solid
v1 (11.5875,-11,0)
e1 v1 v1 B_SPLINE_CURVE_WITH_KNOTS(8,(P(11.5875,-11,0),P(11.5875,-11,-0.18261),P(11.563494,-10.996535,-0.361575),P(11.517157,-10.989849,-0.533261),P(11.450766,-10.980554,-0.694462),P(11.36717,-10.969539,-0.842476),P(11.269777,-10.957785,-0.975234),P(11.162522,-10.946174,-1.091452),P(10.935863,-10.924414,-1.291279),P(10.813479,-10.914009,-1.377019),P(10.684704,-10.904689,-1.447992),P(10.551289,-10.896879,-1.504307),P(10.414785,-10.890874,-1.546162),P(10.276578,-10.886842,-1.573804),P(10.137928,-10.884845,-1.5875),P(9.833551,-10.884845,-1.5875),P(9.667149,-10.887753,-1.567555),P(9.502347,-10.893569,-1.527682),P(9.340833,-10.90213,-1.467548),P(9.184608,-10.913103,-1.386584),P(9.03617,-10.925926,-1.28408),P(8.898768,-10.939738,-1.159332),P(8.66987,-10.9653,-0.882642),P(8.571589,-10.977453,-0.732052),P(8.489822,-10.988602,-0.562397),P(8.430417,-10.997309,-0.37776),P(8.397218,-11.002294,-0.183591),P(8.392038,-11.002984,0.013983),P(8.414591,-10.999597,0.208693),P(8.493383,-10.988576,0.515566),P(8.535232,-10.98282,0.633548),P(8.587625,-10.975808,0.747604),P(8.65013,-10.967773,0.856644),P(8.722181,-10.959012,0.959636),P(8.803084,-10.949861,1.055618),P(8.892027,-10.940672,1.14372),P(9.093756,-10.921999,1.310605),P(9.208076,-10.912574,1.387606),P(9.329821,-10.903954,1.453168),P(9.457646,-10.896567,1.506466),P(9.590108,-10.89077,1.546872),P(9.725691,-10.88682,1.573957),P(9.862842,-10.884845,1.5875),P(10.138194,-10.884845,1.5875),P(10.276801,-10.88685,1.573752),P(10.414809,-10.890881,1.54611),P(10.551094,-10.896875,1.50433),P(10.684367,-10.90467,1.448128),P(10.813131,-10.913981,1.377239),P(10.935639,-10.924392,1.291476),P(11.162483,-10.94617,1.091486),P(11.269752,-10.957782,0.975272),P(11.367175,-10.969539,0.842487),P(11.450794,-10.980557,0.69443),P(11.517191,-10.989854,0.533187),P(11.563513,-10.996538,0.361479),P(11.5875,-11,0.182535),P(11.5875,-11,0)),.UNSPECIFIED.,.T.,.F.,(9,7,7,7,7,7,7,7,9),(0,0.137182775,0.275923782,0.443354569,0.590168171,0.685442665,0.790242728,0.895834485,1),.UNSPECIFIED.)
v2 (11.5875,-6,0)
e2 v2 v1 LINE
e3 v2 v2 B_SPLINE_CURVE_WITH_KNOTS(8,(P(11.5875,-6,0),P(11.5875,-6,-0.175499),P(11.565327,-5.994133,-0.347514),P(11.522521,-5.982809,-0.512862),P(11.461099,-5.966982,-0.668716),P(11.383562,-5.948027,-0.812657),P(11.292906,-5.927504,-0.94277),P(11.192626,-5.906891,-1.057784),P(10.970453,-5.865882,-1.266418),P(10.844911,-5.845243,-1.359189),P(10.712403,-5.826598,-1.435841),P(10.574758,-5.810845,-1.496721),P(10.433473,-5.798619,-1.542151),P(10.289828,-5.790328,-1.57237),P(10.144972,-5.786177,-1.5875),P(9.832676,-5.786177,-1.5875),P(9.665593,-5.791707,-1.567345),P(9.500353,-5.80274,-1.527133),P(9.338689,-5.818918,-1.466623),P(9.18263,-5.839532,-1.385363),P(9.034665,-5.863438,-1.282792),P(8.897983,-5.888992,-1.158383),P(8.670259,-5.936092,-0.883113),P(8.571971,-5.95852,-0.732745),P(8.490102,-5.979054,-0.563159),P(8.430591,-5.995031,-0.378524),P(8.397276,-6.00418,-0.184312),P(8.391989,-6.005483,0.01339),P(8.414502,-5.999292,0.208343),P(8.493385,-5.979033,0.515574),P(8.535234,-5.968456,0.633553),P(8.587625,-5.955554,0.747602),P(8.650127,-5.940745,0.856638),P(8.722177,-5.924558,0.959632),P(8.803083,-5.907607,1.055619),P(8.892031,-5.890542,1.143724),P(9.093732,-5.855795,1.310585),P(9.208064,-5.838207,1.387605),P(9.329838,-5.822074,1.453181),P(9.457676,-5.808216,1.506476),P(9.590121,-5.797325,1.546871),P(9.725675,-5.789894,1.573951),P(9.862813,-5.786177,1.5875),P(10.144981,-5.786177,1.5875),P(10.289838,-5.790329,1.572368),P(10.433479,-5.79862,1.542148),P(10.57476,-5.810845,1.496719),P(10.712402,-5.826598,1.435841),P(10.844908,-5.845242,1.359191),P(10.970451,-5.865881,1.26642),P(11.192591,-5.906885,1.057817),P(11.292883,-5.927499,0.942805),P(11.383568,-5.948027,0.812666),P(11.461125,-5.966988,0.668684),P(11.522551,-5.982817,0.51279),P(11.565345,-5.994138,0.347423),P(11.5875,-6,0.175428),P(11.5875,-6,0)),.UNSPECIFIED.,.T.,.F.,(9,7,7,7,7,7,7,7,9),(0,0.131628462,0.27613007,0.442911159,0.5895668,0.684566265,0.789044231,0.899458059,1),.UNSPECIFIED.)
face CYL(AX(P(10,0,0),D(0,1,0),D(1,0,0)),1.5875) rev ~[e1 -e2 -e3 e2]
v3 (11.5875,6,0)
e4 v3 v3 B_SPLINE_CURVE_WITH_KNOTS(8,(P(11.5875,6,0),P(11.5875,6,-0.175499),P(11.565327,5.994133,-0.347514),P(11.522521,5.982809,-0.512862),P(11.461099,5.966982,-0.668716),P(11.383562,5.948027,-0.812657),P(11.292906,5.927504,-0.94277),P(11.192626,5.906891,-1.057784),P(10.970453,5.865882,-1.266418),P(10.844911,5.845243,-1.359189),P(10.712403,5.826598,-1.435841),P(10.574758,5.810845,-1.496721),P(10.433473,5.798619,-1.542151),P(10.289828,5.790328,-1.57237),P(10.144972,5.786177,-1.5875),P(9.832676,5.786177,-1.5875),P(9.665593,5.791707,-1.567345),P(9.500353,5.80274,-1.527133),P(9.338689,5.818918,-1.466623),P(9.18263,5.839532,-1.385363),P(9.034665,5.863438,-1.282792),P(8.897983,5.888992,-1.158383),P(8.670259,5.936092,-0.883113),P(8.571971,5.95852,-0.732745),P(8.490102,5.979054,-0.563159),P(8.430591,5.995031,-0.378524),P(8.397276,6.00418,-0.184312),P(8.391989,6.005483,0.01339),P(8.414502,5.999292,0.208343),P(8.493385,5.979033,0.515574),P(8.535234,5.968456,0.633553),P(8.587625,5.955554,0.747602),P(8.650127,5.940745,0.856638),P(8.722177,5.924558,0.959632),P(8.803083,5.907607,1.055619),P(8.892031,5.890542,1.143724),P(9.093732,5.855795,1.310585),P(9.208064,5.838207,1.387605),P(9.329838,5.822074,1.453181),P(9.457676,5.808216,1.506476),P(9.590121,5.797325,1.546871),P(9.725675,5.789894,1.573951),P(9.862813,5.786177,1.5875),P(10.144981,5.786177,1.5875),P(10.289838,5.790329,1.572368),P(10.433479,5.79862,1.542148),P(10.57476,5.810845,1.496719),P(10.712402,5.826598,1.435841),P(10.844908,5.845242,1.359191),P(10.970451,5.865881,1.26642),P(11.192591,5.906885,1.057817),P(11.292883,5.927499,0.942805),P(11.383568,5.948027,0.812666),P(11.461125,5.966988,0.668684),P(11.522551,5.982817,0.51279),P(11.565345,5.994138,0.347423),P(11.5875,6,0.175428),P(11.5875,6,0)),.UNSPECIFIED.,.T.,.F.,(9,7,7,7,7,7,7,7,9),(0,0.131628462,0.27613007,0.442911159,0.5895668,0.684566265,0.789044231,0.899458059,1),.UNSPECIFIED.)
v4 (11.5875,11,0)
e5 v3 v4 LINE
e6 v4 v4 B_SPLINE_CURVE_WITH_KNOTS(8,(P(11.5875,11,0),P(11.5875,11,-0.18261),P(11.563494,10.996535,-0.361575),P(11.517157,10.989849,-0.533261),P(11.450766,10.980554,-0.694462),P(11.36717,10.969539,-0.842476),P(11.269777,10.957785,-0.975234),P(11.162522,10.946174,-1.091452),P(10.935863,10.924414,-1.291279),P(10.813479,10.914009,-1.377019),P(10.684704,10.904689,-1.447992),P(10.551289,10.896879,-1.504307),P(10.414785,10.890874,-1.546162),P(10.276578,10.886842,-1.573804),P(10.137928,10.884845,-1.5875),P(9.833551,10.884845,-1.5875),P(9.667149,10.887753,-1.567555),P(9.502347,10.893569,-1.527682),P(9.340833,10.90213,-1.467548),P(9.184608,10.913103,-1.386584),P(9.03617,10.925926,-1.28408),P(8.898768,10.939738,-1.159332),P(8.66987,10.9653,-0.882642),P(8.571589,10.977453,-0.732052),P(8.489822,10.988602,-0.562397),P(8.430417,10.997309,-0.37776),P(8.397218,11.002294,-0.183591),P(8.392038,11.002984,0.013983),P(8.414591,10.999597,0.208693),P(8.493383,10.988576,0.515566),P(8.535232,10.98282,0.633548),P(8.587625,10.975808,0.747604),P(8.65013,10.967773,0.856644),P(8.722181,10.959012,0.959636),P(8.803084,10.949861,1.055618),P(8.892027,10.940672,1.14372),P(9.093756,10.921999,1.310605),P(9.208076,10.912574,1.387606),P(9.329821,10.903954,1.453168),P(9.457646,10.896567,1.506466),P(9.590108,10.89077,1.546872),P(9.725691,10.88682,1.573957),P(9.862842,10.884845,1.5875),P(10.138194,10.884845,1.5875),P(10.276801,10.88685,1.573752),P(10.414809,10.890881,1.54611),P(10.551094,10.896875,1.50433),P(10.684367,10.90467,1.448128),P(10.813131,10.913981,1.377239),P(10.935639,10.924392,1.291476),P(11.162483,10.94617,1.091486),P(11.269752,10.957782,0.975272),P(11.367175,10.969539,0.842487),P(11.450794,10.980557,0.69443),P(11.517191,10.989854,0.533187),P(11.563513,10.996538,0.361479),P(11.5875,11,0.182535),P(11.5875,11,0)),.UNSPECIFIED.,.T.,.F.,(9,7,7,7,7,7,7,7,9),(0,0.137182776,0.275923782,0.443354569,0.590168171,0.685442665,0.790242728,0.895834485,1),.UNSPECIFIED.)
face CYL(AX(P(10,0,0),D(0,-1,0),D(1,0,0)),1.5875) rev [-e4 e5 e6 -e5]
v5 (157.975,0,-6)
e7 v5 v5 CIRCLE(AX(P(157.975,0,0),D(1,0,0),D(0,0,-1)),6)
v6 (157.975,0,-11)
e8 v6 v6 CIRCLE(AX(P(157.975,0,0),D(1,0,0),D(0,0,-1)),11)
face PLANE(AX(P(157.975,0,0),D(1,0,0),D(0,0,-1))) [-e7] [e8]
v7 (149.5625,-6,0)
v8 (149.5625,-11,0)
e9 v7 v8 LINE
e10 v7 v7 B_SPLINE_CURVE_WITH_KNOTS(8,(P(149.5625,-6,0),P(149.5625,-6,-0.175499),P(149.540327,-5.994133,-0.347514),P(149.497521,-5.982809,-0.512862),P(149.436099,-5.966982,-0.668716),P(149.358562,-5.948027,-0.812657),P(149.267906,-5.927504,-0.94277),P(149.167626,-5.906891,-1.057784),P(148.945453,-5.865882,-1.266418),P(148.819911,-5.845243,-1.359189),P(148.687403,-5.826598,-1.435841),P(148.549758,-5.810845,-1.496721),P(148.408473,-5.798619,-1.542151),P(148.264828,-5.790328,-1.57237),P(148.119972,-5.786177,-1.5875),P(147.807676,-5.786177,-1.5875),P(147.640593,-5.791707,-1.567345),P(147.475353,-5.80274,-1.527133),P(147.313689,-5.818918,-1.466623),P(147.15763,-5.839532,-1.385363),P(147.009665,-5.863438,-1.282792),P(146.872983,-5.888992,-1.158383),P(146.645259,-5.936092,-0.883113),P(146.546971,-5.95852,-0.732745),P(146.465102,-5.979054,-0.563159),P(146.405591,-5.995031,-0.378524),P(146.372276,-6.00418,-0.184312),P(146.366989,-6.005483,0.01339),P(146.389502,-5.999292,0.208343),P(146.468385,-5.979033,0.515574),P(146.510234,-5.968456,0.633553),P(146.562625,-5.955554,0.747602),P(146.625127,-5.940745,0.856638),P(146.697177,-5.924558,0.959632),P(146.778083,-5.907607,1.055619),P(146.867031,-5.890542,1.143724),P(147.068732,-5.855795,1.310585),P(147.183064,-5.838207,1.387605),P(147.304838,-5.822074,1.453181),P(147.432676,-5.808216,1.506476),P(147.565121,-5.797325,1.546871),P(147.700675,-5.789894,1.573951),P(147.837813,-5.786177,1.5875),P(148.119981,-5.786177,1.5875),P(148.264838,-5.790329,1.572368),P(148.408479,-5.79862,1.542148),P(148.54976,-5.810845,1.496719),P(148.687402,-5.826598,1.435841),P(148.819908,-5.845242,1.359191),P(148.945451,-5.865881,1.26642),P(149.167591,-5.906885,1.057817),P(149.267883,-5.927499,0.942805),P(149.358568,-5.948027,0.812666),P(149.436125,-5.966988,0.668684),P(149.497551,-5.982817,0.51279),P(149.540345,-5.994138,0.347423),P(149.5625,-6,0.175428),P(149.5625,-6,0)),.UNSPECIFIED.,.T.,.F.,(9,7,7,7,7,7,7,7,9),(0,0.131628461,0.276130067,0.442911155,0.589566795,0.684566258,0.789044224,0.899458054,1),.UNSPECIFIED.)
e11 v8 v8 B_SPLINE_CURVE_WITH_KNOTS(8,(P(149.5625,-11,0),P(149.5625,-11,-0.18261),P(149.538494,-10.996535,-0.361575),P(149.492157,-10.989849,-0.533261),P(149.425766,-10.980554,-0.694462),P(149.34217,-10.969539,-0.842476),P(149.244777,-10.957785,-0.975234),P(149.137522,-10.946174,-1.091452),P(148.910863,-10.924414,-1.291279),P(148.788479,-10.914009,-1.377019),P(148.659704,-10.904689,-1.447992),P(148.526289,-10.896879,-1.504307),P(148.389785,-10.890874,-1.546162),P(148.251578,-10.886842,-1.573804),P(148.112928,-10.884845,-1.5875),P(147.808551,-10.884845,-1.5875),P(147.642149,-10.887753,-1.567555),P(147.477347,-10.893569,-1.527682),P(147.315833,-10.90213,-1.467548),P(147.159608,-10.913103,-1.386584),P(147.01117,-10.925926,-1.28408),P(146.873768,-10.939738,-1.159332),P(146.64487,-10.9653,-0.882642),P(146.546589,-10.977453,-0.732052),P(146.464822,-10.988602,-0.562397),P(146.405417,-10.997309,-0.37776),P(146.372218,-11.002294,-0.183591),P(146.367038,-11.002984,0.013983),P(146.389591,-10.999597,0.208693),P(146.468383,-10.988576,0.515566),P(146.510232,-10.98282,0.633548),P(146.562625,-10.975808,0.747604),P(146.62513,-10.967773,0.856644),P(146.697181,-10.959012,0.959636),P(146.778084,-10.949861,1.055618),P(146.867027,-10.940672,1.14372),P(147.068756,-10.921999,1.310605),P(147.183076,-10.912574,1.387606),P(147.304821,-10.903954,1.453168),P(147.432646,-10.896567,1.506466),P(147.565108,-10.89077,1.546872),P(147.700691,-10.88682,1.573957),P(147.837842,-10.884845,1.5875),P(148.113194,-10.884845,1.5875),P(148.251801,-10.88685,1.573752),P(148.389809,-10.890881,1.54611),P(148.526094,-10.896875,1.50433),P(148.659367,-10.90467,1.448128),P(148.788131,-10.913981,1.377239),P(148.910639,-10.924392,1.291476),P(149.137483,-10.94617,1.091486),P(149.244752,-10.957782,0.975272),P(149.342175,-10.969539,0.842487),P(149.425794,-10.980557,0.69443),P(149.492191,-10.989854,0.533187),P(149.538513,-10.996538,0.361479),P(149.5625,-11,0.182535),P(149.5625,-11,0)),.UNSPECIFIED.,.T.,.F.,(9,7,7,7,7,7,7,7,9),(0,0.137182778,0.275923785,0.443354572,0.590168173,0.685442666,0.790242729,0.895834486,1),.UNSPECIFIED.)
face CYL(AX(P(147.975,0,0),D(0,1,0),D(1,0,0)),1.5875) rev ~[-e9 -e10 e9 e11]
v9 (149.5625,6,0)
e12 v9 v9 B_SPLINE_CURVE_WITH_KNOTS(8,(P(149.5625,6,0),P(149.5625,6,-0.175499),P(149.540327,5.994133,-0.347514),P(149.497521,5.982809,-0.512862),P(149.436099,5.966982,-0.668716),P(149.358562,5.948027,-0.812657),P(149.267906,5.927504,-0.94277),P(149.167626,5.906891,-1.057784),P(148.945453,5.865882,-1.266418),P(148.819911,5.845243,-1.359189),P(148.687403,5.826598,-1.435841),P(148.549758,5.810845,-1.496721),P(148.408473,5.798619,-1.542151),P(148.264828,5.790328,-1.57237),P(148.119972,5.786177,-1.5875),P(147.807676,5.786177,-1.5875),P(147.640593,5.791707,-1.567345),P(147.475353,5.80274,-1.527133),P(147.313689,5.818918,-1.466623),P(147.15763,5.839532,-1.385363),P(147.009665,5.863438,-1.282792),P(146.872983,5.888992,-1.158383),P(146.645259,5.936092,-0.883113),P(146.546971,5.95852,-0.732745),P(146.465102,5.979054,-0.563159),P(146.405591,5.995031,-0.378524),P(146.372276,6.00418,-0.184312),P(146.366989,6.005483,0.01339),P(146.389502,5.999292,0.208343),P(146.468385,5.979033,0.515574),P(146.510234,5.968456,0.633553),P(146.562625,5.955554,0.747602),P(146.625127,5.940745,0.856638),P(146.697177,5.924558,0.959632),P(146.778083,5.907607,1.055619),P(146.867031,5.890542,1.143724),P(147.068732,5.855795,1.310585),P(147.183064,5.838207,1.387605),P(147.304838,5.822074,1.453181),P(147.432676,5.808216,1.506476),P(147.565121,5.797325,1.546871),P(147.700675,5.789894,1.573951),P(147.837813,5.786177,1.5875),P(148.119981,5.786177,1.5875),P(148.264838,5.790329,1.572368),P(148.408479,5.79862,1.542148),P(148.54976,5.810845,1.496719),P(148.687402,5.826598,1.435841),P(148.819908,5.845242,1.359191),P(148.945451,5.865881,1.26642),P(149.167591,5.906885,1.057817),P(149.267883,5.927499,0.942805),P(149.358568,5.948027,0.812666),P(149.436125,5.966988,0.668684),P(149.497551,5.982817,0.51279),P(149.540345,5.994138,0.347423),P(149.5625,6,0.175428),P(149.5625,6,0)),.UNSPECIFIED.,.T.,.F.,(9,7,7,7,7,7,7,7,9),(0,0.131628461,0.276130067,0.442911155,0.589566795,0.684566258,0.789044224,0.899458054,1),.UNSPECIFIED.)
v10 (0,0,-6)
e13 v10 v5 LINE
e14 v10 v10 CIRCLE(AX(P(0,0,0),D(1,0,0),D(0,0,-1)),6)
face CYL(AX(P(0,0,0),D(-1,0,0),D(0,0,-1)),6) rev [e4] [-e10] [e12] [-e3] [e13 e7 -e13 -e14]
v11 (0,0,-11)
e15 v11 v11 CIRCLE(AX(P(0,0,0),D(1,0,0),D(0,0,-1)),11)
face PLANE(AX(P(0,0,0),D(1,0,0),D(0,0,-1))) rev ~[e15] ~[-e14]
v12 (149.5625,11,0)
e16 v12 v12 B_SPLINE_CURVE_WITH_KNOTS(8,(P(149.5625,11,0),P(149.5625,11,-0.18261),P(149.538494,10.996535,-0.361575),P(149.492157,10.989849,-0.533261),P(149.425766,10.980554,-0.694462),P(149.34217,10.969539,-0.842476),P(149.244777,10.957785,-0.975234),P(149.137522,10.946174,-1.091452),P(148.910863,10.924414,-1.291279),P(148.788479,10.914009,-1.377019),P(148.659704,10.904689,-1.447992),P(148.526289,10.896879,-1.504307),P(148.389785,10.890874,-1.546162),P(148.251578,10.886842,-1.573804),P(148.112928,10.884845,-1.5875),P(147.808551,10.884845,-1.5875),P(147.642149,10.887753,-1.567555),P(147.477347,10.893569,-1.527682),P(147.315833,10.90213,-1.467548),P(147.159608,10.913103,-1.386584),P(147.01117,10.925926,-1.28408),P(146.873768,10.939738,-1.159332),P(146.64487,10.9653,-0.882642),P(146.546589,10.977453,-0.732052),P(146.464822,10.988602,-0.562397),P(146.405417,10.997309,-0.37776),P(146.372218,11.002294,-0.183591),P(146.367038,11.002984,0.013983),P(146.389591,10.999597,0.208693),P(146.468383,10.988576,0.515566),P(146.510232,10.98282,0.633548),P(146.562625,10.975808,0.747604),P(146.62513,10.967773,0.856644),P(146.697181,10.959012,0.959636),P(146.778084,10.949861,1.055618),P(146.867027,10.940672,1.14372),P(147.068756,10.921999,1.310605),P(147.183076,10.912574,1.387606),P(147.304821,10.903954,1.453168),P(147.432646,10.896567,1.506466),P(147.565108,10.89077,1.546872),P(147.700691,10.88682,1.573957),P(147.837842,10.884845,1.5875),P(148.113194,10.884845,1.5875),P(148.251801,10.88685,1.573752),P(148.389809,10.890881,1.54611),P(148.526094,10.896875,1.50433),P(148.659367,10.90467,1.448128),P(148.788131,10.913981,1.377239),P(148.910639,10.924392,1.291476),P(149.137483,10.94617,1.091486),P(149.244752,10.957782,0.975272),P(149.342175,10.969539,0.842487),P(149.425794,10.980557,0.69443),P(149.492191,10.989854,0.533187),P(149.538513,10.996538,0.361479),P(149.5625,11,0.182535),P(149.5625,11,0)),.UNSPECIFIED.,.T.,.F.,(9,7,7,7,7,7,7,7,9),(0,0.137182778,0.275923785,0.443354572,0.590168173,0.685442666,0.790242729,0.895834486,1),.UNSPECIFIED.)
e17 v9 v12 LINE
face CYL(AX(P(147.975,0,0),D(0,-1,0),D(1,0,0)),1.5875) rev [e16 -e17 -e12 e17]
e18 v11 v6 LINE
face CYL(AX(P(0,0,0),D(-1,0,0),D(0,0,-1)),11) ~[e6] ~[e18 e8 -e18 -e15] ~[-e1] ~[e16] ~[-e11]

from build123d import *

# Parameters (mm, degrees)
SKETCH2_R               = 11
SKETCH2_R_2             = 6
BOSS_EXTRUDE1_DEPTH     = 157.975
SKETCH3_R               = 1.5875
CUT_EXTRUDE1_DEPTH      = 12
CUT_EXTRUDE1_DEPTH_BACK = 12


with BuildPart() as part:
    # Sketch2 → Boss-Extrude1 (new body)
    with BuildSketch(Plane(origin=(0, 0, 0), x_dir=(0, 0, -1), z_dir=(1, 0, 0))):
        Circle(SKETCH2_R)
        Circle(SKETCH2_R_2, mode=Mode.SUBTRACT)
    extrude(amount=BOSS_EXTRUDE1_DEPTH)

    # Sketch3 → Cut-Extrude1 (cut, two sides)
    with BuildSketch(Plane(origin=(0, 0, 0), x_dir=(1, 0, 0), z_dir=(0, 1, 0))) as cut_extrude1_sk:
        with Locations((10, 0)):
            Circle(SKETCH3_R)
        with Locations((147.975, 0)):
            Circle(SKETCH3_R)
    extrude(amount=CUT_EXTRUDE1_DEPTH, mode=Mode.SUBTRACT)
    extrude(cut_extrude1_sk.sketch, amount=-CUT_EXTRUDE1_DEPTH_BACK, mode=Mode.SUBTRACT)


solid = part.part
